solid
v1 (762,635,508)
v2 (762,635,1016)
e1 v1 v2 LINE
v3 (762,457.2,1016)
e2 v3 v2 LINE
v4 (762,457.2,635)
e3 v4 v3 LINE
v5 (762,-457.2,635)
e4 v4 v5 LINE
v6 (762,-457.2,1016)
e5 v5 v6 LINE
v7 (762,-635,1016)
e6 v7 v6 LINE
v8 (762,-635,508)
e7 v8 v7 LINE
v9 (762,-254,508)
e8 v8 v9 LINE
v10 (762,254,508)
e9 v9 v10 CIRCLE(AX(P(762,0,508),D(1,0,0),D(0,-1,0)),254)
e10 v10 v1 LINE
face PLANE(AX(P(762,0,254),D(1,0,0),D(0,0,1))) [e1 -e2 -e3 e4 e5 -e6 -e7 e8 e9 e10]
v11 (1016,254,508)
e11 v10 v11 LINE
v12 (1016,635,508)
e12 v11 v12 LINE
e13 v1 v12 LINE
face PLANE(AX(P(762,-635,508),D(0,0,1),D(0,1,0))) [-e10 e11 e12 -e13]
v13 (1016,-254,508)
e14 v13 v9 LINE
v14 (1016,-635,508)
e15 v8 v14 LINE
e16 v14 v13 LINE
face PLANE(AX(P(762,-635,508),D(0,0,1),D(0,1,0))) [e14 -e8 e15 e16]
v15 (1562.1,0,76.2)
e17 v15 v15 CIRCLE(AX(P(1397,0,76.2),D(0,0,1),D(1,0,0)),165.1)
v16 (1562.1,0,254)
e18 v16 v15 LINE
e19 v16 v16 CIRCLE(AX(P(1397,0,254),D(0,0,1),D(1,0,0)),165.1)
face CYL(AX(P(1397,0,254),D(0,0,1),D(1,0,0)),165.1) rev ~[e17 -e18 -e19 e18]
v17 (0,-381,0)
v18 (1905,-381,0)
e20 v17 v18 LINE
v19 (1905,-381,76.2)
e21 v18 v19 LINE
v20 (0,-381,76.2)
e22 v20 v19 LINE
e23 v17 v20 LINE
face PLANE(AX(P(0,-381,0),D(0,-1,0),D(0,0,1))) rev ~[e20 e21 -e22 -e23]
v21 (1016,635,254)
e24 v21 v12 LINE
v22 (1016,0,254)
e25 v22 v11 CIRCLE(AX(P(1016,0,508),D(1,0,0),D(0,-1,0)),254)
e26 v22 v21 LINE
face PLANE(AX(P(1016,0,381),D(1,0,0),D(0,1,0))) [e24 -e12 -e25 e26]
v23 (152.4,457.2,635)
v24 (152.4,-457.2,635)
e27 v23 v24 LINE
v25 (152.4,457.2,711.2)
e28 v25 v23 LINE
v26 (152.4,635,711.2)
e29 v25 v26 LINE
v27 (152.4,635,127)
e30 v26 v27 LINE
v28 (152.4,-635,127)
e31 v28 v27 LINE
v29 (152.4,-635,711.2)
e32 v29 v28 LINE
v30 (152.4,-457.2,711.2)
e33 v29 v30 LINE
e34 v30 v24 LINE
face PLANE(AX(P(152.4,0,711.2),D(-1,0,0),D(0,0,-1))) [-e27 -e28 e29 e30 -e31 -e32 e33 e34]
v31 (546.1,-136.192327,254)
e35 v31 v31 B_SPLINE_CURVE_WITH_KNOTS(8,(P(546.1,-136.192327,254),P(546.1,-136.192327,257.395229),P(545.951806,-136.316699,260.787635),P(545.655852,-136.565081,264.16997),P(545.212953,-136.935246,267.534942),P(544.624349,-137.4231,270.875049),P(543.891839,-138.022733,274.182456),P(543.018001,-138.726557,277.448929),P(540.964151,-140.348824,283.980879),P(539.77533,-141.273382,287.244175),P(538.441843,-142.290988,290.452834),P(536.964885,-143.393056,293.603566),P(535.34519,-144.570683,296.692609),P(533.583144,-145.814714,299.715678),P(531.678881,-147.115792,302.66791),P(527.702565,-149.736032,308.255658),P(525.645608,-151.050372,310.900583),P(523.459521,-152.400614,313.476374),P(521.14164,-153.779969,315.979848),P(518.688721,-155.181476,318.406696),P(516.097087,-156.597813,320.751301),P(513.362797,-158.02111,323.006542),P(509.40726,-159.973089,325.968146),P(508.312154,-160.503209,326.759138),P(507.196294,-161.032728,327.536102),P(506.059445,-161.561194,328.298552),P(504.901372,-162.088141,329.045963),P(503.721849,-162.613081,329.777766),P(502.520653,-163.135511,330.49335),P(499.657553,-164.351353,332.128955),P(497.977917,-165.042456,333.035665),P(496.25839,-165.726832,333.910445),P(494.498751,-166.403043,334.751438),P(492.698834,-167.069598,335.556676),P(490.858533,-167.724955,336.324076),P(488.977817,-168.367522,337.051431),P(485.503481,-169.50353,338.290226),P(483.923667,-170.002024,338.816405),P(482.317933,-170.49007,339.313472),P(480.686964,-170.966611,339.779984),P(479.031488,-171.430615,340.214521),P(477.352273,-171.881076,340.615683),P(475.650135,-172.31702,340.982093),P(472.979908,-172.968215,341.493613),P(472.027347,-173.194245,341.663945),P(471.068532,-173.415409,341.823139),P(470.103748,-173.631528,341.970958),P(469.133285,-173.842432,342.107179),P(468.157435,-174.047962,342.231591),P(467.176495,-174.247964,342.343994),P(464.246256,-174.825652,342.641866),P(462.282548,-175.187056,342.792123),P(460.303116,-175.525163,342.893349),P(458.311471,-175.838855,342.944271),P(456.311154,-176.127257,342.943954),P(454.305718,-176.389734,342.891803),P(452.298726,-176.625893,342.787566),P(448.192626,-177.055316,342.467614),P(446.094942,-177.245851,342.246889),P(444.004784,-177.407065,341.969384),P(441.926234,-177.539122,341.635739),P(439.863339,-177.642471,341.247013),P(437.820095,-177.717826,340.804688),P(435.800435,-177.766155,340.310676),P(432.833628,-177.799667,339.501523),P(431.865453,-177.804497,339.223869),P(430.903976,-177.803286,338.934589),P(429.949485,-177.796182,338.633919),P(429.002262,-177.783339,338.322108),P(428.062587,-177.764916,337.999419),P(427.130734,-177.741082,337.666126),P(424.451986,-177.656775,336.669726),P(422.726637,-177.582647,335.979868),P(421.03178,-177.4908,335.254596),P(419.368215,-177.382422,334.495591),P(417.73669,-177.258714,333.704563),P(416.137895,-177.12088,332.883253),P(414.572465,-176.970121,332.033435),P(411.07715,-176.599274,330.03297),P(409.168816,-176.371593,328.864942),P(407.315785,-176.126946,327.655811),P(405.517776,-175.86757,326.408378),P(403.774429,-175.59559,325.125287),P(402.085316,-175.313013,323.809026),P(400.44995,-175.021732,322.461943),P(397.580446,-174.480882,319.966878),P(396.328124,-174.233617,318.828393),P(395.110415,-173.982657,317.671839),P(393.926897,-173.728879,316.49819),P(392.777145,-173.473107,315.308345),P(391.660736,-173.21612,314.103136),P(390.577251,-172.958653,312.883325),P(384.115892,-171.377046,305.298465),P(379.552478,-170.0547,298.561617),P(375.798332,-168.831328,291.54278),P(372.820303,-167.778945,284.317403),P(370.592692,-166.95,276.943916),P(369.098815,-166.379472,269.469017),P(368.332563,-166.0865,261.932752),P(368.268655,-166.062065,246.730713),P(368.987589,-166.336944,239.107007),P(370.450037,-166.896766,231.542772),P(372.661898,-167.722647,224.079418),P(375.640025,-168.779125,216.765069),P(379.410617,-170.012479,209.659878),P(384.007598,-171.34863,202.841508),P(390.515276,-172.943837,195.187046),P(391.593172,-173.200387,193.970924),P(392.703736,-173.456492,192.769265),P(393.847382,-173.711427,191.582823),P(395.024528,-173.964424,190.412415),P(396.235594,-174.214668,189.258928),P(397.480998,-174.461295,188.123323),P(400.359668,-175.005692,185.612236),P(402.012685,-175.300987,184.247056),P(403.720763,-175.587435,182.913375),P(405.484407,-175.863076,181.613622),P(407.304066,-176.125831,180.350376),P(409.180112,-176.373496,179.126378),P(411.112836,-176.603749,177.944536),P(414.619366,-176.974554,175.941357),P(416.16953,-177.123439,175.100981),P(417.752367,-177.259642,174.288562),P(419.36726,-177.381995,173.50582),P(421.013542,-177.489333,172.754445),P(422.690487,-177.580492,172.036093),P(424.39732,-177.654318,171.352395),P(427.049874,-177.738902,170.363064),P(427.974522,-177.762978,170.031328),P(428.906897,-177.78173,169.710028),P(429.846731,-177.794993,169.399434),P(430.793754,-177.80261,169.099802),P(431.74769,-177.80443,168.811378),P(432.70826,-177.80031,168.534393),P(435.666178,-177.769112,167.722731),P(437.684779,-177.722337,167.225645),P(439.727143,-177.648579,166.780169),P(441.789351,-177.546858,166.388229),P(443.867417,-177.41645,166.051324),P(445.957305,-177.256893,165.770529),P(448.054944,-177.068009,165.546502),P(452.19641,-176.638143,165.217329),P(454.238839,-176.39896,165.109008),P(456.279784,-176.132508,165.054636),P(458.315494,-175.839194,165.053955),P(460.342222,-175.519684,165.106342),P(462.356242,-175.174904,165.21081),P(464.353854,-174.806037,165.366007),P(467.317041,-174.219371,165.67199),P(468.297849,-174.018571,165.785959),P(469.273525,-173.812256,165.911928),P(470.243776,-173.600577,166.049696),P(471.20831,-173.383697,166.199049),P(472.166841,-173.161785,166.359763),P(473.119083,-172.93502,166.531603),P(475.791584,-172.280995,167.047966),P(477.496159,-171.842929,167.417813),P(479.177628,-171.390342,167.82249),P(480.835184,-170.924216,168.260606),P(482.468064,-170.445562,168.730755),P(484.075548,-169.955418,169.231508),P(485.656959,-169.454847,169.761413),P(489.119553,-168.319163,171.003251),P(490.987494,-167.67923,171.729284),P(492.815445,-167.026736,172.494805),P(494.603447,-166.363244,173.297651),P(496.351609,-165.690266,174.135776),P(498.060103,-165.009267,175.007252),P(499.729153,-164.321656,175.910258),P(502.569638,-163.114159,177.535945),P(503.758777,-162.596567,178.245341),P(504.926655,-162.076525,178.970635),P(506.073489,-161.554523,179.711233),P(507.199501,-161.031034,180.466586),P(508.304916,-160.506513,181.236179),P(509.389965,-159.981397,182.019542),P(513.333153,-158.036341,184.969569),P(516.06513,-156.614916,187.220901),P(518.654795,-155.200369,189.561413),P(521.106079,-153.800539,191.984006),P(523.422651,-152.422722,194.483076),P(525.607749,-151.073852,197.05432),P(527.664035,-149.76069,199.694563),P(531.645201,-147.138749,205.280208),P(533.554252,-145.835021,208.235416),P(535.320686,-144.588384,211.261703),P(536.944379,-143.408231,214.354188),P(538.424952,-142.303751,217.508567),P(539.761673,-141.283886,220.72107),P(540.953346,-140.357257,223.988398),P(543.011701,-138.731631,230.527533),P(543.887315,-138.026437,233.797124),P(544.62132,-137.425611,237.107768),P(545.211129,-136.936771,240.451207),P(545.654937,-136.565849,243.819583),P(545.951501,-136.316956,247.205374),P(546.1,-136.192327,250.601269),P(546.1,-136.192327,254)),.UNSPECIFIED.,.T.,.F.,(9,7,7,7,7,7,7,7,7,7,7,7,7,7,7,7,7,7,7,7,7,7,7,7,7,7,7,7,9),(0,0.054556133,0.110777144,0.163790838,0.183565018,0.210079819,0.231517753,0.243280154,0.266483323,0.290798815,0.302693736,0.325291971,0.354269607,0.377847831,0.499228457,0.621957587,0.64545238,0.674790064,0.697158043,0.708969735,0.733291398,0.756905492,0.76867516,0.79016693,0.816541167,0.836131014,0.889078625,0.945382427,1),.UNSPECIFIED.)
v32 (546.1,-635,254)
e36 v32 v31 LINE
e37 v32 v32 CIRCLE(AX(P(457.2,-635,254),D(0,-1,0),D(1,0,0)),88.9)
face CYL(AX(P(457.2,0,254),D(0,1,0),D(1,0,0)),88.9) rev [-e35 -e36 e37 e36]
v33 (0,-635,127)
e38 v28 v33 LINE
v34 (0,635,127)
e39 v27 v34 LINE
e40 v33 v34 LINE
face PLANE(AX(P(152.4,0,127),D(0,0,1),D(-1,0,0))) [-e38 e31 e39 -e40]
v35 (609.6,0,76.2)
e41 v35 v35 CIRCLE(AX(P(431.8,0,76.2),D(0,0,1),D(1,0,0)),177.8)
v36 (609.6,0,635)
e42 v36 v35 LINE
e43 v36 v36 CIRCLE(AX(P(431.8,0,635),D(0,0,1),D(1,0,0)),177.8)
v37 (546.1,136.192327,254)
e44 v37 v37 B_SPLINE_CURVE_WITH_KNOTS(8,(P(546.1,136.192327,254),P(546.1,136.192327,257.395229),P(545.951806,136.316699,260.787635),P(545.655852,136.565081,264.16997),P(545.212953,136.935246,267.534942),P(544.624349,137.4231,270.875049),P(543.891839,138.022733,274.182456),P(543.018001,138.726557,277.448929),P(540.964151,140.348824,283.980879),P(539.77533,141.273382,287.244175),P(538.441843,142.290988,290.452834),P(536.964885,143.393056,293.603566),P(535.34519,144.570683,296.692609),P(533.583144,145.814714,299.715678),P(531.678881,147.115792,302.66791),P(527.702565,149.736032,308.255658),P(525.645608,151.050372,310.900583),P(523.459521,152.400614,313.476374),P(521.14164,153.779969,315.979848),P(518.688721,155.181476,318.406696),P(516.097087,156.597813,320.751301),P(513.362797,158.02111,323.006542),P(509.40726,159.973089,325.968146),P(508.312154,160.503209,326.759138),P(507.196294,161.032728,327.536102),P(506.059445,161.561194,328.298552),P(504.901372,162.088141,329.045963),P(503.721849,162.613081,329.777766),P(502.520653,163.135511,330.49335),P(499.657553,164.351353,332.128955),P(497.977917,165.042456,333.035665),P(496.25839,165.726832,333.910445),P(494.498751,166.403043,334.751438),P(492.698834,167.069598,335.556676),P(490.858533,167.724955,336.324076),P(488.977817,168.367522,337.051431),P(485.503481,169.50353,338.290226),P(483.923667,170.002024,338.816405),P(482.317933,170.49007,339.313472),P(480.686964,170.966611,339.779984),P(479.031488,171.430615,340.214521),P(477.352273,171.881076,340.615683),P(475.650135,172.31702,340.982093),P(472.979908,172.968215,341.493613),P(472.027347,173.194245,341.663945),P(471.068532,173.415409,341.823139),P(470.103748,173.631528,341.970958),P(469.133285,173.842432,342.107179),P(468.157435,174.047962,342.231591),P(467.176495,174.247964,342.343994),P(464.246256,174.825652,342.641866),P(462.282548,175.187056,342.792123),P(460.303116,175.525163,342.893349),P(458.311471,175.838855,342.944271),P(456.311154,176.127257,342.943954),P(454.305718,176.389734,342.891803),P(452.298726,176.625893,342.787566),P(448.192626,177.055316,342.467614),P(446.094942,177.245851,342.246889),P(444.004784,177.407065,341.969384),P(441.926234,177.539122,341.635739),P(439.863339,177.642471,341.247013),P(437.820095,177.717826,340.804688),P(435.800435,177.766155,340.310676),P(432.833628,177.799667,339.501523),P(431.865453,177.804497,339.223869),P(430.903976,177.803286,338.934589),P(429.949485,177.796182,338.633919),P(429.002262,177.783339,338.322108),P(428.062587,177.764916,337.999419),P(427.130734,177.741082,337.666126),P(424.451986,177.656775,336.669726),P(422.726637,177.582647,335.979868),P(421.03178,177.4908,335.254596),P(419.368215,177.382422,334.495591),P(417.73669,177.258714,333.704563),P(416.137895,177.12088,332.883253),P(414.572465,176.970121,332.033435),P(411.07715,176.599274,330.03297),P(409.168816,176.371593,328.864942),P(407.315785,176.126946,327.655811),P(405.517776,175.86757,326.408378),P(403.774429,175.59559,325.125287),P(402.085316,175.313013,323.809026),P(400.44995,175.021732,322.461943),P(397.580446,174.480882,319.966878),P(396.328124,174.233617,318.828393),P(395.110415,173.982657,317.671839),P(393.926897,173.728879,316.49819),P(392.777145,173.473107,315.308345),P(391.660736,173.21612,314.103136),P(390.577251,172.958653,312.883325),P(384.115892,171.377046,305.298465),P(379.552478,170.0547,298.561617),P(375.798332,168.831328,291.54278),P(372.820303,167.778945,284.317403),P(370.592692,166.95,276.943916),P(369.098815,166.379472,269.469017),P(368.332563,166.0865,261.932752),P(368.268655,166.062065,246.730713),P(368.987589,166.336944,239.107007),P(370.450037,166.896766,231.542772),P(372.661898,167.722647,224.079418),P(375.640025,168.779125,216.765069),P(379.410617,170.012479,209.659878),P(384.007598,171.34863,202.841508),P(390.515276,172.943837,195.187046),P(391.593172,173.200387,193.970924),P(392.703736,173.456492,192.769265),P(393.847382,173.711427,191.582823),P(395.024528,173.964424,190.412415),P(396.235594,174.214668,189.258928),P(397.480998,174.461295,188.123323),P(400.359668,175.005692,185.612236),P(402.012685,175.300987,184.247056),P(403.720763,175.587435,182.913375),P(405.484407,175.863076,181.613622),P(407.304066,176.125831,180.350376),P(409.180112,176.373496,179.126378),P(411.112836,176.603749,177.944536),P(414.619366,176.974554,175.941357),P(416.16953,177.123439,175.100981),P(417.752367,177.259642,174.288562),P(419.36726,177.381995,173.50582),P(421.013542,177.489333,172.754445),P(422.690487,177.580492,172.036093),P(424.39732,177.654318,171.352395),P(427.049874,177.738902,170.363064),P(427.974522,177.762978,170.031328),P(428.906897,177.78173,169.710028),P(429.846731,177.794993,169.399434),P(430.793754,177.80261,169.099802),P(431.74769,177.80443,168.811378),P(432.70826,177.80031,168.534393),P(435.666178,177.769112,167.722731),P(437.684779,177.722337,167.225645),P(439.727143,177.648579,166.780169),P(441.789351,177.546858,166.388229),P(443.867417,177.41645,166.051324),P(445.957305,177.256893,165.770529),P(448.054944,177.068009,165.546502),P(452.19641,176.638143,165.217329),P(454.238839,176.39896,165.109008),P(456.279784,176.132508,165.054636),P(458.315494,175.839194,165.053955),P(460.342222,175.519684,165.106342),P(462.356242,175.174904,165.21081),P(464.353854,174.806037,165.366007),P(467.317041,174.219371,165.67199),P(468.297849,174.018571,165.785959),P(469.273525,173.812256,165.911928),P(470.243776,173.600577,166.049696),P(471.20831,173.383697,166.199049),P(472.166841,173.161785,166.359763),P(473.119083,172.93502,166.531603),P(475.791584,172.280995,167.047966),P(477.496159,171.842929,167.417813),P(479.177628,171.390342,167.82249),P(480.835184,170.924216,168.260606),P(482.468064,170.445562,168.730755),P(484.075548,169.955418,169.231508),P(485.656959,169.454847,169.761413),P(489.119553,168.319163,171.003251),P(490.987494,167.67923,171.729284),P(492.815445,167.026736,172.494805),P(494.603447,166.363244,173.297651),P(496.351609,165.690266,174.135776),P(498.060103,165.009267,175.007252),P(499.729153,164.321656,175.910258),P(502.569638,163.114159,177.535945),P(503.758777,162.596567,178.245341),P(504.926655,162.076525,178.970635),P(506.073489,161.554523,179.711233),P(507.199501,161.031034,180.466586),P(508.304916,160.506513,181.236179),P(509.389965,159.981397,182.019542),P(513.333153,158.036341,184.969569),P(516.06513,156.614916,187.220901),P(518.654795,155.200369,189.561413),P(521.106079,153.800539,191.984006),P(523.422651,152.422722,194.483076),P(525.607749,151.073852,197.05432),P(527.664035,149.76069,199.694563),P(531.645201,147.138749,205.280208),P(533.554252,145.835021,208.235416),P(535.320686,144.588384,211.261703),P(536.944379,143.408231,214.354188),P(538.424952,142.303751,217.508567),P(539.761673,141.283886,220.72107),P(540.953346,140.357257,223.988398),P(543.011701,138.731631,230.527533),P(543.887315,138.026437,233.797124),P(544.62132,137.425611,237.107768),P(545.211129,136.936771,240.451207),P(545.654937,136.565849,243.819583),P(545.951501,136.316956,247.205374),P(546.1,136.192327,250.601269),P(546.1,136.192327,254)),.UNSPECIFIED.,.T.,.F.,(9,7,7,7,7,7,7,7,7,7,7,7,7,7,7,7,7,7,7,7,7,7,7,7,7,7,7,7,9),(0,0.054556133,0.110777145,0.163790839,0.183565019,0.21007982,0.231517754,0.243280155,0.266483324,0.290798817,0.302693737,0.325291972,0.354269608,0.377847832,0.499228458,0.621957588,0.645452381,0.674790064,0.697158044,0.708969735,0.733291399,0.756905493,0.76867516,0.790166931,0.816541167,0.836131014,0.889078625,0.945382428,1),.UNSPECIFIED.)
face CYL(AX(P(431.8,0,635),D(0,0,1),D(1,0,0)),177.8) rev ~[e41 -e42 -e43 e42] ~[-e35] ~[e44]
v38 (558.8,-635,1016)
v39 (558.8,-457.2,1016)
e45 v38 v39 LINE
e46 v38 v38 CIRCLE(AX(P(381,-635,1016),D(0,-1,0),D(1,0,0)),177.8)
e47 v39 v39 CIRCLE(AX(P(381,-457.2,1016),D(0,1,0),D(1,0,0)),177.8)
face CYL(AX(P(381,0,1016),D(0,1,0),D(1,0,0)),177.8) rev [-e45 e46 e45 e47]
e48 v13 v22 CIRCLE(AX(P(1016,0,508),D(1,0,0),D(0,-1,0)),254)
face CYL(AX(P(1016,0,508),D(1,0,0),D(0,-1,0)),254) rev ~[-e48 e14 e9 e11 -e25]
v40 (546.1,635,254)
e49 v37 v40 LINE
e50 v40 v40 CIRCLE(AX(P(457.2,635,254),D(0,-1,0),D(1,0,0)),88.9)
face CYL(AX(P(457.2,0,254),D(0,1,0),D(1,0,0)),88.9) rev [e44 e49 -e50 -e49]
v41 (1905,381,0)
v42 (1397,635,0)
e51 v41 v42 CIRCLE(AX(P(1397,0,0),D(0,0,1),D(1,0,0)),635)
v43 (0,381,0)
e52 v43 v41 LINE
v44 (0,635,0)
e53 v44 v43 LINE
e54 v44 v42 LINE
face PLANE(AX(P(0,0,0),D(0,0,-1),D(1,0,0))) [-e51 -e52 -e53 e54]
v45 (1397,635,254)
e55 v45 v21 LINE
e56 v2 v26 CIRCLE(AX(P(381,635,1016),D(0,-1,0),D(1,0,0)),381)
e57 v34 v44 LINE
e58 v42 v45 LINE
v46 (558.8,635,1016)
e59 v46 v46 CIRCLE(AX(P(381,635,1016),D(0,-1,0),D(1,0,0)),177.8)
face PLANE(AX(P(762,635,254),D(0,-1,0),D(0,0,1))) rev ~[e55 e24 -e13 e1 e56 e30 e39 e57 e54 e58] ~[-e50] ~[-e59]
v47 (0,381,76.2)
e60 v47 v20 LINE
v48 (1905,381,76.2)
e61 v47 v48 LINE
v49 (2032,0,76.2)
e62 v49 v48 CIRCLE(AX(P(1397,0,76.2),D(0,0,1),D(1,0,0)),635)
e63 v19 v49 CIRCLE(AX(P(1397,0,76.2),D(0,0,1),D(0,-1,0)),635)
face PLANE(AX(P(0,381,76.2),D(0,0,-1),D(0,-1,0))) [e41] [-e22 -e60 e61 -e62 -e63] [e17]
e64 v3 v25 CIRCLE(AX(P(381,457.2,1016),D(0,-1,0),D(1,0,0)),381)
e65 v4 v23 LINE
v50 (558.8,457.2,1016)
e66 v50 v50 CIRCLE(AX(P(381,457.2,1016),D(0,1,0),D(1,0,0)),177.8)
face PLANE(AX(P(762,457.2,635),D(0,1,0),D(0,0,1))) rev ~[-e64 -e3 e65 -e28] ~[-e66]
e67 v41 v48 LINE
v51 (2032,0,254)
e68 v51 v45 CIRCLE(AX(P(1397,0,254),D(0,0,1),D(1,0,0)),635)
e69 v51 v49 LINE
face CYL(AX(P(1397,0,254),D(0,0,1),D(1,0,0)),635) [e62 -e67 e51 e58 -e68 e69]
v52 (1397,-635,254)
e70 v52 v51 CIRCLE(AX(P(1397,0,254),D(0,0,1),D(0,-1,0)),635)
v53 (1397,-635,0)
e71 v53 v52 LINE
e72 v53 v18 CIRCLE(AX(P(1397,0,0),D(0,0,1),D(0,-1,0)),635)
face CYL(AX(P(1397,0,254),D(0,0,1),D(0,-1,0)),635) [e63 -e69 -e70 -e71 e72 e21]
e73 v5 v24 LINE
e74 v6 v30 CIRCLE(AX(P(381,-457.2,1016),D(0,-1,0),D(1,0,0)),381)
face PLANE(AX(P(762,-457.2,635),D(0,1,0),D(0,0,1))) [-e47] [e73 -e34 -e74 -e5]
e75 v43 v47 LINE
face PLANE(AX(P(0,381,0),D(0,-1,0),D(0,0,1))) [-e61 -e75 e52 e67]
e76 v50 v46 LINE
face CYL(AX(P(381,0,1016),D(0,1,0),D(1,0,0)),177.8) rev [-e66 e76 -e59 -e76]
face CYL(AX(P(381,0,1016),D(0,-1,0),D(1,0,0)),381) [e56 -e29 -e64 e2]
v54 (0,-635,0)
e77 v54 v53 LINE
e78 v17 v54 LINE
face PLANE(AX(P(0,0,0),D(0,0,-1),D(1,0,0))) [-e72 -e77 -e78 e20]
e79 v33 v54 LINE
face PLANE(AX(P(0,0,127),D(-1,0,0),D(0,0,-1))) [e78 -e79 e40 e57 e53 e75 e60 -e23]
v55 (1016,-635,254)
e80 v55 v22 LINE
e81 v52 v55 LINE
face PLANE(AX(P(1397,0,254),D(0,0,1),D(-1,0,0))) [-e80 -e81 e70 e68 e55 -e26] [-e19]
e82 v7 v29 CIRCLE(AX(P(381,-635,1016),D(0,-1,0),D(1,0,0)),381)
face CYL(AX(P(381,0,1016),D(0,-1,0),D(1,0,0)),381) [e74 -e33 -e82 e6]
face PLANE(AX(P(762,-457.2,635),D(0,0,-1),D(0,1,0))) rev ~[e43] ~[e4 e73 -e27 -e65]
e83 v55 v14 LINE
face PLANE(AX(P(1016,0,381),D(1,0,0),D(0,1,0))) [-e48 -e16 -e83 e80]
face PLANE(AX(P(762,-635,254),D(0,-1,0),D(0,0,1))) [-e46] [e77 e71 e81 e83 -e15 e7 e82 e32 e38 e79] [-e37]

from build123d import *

# Parameters (mm, degrees)
F0_R      = 88.9
F0_R_2    = 177.8
F1_DEPTH  = 635
F3_DEPTH  = 254
F4_R      = 165.1
F5_DEPTH  = 254.001
F6_W      = 914.4
F6_H      = 889
F7_DEPTH  = 762.001
F8_R      = 177.8
F9_DEPTH  = 635.001
F10_W     = 762
F10_H     = 76.2
F11_DEPTH = 2032.001
F12_W     = 1270
F12_H     = 254
F13_DEPTH = 254
F15_DEPTH = 254


with BuildPart() as f1:
    # F0 (on Front) → F1 (new body, symmetric)
    with BuildSketch(Plane.XZ):
        with BuildLine():
            Line((0, 127), (0, 0))
            Line((0, 0), (1397, 0))
            Line((1397, 0), (1397, 254))
            Line((1397, 254), (762, 254))
            Line((762, 254), (762, 1016))
            ThreePointArc((762, 1016), (210.61162, 1356.77676), (152.4, 711.2))
            Line((152.4, 711.2), (152.4, 127))
            Line((152.4, 127), (0, 127))
        make_face()
        with Locations((457.2, 254)):
            Circle(F0_R, mode=Mode.SUBTRACT)
        with Locations((381, 1016)):
            Circle(F0_R_2, mode=Mode.SUBTRACT)
    extrude(amount=F1_DEPTH, both=True)

    # F2 (on face) → F3 (join)
    with BuildSketch(Plane.XY.offset(254)):
        with BuildLine():
            ThreePointArc((1397, 635), (762, 0), (1397, -635))
            Line((1397, -635), (1397, 635))
        make_face()
        with BuildLine():
            Line((1397, 635), (1397, -635))
            ThreePointArc((1397, -635), (1846.012806, -449.012806), (2032, 0))
            ThreePointArc((2032, 0), (1846.012806, 449.012806), (1397, 635))
        make_face()
    extrude(amount=-F3_DEPTH)

    # F4 (on face) → F5 (cut, through all)
    with BuildSketch(Plane.XY.offset(254)):
        with Locations((1397, 0)):
            Circle(F4_R)
    extrude(amount=-F5_DEPTH, mode=Mode.SUBTRACT)

    # F6 (on face) → F7 (cut, through all)
    with BuildSketch(Plane.YZ.offset(762)):
        with Locations((0, 1079.5)):
            Rectangle(F6_W, F6_H)
    extrude(amount=-F7_DEPTH, mode=Mode.SUBTRACT)

    # F8 (on face) → F9 (cut, through all)
    with BuildSketch(Plane.XY.offset(635)):
        with Locations((431.8, 0)):
            Circle(F8_R)
    extrude(amount=-F9_DEPTH, mode=Mode.SUBTRACT)

    # F10 (on face) → F11 (cut, through all)
    with BuildSketch(Plane(origin=(0, 0, 0), x_dir=(0, -1, 0), z_dir=(-1, 0, 0))):
        with Locations((0, 38.1)):
            Rectangle(F10_W, F10_H)
    extrude(amount=-F11_DEPTH, mode=Mode.SUBTRACT)

    # F12 (on face) → F13 (join)
    with BuildSketch(Plane.YZ.offset(762)):
        with Locations((0, 381)):
            Rectangle(F12_W, F12_H)
    extrude(amount=F13_DEPTH)

    # F14 (on face) → F15 (cut)
    with BuildSketch(Plane.YZ.offset(1016)):
        with BuildLine():
            ThreePointArc((254, 508), (0, 762), (-254, 508))
            Line((-254, 508), (254, 508))
        make_face()
        with BuildLine():
            Line((254, 508), (-254, 508))
            ThreePointArc((-254, 508), (0, 254), (254, 508))
        make_face()
    extrude(amount=-F15_DEPTH, mode=Mode.SUBTRACT)


solid = f1.part
